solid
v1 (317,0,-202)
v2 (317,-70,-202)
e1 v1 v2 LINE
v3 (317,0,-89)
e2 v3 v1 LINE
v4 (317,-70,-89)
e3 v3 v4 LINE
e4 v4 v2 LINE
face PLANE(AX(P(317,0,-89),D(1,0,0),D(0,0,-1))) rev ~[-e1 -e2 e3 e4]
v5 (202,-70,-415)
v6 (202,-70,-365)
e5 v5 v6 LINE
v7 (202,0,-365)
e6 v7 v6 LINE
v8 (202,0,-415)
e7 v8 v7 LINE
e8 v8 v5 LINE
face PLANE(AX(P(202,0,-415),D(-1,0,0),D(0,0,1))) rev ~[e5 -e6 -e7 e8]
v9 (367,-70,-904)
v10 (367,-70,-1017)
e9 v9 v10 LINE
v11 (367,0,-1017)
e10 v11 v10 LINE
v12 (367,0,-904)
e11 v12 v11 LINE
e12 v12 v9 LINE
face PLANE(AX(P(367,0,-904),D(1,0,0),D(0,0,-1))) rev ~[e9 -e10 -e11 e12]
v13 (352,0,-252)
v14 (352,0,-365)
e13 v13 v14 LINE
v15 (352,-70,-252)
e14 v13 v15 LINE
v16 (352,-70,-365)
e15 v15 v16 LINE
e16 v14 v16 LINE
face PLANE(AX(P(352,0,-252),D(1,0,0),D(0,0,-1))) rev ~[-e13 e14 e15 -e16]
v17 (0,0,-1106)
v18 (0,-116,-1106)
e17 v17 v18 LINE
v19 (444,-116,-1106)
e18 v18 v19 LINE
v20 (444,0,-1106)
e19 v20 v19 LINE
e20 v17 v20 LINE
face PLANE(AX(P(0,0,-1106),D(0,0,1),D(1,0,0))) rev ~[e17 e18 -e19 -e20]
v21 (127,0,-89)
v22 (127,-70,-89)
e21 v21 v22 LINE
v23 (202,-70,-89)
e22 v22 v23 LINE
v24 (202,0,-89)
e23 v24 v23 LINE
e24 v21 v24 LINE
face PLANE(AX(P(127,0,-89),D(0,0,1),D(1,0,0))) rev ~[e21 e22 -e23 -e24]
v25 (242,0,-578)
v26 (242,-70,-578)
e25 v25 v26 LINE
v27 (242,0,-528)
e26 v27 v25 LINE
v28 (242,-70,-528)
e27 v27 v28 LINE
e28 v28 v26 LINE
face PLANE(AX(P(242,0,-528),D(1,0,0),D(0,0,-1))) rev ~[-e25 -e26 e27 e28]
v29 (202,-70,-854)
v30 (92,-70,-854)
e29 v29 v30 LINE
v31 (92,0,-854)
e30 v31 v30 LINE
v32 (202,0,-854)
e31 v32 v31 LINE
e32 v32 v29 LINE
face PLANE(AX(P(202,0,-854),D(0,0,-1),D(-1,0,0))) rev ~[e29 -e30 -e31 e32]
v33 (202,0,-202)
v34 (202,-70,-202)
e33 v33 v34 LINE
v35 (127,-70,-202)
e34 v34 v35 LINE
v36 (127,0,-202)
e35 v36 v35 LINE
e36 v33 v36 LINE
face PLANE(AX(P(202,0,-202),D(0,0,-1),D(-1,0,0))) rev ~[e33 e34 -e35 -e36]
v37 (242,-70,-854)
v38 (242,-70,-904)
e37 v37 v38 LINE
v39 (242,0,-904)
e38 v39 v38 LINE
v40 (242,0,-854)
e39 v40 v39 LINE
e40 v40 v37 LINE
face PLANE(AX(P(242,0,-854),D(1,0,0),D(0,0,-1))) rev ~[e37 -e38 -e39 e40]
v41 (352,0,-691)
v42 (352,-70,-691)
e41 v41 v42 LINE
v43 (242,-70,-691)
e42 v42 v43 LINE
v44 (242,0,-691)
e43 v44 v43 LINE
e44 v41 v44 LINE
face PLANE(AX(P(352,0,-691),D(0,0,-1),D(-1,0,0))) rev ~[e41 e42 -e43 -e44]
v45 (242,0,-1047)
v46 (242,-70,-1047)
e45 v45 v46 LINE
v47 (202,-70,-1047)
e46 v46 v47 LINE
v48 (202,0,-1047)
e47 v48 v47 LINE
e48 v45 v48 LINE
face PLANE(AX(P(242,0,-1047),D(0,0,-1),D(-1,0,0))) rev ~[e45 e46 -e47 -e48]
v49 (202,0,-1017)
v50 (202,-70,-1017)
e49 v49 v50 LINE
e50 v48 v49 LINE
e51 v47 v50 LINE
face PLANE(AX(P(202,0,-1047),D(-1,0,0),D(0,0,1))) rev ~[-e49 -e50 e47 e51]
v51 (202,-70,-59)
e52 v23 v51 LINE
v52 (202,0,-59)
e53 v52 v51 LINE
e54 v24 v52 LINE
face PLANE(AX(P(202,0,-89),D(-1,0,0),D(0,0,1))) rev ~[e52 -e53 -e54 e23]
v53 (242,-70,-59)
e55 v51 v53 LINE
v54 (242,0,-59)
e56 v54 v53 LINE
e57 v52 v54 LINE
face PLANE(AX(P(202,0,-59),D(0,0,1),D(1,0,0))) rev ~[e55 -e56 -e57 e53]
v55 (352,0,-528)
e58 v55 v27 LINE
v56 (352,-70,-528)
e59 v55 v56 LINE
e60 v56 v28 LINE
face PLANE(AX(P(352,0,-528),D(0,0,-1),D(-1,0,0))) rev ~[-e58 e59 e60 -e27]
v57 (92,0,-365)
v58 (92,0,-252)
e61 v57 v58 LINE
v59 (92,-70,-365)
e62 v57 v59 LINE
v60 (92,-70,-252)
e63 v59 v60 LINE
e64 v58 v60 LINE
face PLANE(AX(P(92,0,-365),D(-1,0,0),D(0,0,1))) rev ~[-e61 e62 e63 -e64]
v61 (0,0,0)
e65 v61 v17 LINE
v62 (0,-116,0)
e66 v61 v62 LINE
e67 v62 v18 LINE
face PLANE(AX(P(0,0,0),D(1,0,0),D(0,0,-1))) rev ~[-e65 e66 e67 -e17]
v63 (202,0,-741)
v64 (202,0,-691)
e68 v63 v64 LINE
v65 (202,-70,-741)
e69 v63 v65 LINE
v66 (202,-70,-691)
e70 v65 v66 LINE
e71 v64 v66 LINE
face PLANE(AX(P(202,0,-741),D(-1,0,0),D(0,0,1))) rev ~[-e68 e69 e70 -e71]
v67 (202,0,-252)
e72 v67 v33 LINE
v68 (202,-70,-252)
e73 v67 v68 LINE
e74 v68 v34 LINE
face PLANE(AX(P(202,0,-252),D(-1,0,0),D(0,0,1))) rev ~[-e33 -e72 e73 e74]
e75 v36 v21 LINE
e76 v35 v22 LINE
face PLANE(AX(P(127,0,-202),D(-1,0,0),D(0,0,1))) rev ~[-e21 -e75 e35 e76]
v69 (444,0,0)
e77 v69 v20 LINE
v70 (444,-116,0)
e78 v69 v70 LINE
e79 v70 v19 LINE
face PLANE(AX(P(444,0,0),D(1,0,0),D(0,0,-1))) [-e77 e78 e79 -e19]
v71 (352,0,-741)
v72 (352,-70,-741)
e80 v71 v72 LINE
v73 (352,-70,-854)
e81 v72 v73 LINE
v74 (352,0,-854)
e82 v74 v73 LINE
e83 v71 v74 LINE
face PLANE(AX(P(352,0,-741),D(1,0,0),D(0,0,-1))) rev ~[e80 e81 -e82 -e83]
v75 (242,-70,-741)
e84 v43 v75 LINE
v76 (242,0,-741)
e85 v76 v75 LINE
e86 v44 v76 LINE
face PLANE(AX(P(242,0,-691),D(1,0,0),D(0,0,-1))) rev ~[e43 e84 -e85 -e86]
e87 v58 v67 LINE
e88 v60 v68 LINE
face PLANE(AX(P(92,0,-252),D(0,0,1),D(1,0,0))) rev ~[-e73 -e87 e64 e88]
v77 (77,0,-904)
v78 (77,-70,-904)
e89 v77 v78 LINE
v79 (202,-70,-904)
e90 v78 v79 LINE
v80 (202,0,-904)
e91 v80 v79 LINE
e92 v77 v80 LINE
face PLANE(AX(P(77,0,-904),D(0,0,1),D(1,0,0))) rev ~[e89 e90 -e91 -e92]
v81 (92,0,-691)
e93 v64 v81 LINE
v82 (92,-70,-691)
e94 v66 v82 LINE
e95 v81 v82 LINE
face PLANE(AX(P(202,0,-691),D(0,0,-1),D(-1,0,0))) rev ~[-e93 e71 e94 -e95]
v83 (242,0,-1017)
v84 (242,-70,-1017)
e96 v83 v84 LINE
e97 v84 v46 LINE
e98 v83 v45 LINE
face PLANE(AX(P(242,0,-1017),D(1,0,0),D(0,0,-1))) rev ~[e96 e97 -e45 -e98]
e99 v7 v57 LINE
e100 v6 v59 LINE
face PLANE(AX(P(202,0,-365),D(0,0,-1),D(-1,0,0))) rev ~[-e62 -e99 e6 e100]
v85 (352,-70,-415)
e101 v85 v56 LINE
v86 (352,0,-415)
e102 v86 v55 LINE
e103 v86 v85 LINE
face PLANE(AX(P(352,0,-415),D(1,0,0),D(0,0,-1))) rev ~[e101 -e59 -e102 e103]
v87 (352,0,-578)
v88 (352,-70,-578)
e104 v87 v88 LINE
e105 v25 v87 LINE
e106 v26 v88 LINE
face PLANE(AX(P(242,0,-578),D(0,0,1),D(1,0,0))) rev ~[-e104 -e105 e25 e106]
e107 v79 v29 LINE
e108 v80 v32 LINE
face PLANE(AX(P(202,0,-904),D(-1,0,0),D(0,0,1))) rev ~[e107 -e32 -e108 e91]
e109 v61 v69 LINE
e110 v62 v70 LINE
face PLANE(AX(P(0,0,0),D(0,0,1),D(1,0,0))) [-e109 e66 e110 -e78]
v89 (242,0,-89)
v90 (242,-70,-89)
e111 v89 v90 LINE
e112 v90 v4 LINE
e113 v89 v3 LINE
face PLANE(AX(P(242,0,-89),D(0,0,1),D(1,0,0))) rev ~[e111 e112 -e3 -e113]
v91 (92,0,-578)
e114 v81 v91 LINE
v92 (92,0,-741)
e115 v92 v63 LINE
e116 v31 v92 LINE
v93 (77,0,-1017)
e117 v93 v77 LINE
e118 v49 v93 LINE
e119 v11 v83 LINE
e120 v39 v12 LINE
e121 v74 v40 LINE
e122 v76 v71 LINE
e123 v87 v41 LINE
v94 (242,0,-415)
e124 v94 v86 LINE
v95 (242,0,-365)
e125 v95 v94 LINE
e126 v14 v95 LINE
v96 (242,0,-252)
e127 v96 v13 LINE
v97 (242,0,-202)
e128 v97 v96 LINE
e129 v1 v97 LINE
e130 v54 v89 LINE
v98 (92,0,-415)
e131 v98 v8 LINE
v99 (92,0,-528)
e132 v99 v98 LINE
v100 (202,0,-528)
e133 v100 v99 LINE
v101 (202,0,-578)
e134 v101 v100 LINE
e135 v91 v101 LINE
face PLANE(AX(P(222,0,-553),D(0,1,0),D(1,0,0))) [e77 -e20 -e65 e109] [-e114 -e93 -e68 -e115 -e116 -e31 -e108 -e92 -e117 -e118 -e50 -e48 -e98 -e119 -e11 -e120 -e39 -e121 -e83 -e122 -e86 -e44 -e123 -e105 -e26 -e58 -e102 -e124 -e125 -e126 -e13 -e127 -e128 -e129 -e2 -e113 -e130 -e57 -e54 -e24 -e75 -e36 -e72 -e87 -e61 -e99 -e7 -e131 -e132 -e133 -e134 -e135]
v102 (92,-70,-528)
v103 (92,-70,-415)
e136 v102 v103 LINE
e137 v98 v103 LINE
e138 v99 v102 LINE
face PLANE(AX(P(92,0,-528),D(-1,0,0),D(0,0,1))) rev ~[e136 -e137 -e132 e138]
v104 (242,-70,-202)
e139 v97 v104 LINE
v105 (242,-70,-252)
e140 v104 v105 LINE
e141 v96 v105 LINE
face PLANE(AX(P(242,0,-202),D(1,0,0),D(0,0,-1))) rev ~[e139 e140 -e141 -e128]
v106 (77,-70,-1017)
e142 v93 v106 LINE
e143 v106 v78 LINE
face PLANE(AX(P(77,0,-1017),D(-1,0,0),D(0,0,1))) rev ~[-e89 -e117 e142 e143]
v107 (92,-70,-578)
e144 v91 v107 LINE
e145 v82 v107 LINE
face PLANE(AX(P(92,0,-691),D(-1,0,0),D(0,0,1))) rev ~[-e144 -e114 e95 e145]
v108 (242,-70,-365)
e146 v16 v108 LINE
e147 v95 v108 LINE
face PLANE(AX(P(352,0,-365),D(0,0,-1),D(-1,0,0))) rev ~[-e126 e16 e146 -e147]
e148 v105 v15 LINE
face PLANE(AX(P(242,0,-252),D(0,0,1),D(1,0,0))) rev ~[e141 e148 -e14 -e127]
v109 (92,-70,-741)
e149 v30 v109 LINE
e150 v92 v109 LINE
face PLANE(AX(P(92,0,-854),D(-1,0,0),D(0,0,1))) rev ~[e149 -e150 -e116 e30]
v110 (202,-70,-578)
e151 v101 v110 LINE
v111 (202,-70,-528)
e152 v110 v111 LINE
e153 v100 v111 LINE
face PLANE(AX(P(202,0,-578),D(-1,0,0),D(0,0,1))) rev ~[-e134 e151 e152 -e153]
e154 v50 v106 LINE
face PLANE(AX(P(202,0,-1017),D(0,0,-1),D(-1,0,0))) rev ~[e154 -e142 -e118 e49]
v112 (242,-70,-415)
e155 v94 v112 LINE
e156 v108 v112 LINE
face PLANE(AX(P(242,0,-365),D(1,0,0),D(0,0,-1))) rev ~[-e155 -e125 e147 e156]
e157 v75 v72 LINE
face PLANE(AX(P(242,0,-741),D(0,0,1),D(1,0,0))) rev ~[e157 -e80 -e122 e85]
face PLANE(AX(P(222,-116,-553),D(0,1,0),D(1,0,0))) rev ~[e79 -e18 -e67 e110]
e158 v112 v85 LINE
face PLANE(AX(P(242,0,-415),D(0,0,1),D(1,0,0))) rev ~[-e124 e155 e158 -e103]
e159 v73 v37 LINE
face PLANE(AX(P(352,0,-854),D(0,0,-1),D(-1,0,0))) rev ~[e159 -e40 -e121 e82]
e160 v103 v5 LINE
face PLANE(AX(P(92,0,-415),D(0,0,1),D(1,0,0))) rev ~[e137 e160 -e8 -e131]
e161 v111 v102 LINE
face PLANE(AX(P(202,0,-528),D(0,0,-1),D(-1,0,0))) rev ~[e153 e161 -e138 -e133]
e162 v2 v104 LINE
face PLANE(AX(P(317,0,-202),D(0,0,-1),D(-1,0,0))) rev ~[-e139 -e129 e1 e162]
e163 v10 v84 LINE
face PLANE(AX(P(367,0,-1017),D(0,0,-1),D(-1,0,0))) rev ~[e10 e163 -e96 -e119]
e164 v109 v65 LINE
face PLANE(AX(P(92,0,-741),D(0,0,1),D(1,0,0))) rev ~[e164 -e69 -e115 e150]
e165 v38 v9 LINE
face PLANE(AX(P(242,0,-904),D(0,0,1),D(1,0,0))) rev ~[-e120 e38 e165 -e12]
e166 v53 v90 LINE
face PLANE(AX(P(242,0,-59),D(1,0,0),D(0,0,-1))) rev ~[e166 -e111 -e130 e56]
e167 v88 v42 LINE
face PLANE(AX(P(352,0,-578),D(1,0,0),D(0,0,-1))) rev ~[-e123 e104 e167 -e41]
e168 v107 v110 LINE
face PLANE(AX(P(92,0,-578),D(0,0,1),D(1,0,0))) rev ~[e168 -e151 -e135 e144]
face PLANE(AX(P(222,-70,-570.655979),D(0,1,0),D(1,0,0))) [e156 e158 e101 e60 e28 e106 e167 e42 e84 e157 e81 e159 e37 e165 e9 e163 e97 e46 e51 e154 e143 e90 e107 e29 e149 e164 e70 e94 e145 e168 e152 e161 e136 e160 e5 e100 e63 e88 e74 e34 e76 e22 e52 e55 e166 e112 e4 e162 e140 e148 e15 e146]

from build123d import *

# Parameters (mm, degrees)
SKETCH_1_W          = 444
SKETCH_1_H          = 1106
EXTRUDE_305_DEPTH   = 116
CUT_EXTRUDE_1_DEPTH = 70


with BuildPart() as part:
    # Эскиз1 → Extrude 305 (new body)
    with BuildSketch(Plane(origin=(0, 0, 0), x_dir=(1, 0, 0), z_dir=(0, 1, 0))):
        with Locations((222, 553)):
            Rectangle(SKETCH_1_W, SKETCH_1_H)
    extrude(amount=-EXTRUDE_305_DEPTH)

    # Эскиз2 → Вырез-Вытянуть1 (cut)
    with BuildSketch(Plane(origin=(0, 0, 0), x_dir=(1, 0, 0), z_dir=(0, 1, 0))):
        Polygon((242, 1047), (202, 1047), (202, 1017), (77, 1017), (77, 904), (202, 904), (202, 854), (92, 854), (92, 741), (202, 741), (202, 691), (92, 691), (92, 578), (202, 578), (202, 528), (92, 528), (92, 415), (202, 415), (202, 365), (92, 365), (92, 252), (202, 252), (202, 202), (127, 202), (127, 89), (202, 89), (202, 59), (242, 59), (242, 89), (317, 89), (317, 202), (242, 202), (242, 252), (352, 252), (352, 365), (242, 365), (242, 415), (352, 415), (352, 528), (242, 528), (242, 578), (352, 578), (352, 691), (242, 691), (242, 741), (352, 741), (352, 854), (242, 854), (242, 904), (367, 904), (367, 1017), (242, 1017), align=None)
    extrude(amount=-CUT_EXTRUDE_1_DEPTH, mode=Mode.SUBTRACT)


solid = part.part
